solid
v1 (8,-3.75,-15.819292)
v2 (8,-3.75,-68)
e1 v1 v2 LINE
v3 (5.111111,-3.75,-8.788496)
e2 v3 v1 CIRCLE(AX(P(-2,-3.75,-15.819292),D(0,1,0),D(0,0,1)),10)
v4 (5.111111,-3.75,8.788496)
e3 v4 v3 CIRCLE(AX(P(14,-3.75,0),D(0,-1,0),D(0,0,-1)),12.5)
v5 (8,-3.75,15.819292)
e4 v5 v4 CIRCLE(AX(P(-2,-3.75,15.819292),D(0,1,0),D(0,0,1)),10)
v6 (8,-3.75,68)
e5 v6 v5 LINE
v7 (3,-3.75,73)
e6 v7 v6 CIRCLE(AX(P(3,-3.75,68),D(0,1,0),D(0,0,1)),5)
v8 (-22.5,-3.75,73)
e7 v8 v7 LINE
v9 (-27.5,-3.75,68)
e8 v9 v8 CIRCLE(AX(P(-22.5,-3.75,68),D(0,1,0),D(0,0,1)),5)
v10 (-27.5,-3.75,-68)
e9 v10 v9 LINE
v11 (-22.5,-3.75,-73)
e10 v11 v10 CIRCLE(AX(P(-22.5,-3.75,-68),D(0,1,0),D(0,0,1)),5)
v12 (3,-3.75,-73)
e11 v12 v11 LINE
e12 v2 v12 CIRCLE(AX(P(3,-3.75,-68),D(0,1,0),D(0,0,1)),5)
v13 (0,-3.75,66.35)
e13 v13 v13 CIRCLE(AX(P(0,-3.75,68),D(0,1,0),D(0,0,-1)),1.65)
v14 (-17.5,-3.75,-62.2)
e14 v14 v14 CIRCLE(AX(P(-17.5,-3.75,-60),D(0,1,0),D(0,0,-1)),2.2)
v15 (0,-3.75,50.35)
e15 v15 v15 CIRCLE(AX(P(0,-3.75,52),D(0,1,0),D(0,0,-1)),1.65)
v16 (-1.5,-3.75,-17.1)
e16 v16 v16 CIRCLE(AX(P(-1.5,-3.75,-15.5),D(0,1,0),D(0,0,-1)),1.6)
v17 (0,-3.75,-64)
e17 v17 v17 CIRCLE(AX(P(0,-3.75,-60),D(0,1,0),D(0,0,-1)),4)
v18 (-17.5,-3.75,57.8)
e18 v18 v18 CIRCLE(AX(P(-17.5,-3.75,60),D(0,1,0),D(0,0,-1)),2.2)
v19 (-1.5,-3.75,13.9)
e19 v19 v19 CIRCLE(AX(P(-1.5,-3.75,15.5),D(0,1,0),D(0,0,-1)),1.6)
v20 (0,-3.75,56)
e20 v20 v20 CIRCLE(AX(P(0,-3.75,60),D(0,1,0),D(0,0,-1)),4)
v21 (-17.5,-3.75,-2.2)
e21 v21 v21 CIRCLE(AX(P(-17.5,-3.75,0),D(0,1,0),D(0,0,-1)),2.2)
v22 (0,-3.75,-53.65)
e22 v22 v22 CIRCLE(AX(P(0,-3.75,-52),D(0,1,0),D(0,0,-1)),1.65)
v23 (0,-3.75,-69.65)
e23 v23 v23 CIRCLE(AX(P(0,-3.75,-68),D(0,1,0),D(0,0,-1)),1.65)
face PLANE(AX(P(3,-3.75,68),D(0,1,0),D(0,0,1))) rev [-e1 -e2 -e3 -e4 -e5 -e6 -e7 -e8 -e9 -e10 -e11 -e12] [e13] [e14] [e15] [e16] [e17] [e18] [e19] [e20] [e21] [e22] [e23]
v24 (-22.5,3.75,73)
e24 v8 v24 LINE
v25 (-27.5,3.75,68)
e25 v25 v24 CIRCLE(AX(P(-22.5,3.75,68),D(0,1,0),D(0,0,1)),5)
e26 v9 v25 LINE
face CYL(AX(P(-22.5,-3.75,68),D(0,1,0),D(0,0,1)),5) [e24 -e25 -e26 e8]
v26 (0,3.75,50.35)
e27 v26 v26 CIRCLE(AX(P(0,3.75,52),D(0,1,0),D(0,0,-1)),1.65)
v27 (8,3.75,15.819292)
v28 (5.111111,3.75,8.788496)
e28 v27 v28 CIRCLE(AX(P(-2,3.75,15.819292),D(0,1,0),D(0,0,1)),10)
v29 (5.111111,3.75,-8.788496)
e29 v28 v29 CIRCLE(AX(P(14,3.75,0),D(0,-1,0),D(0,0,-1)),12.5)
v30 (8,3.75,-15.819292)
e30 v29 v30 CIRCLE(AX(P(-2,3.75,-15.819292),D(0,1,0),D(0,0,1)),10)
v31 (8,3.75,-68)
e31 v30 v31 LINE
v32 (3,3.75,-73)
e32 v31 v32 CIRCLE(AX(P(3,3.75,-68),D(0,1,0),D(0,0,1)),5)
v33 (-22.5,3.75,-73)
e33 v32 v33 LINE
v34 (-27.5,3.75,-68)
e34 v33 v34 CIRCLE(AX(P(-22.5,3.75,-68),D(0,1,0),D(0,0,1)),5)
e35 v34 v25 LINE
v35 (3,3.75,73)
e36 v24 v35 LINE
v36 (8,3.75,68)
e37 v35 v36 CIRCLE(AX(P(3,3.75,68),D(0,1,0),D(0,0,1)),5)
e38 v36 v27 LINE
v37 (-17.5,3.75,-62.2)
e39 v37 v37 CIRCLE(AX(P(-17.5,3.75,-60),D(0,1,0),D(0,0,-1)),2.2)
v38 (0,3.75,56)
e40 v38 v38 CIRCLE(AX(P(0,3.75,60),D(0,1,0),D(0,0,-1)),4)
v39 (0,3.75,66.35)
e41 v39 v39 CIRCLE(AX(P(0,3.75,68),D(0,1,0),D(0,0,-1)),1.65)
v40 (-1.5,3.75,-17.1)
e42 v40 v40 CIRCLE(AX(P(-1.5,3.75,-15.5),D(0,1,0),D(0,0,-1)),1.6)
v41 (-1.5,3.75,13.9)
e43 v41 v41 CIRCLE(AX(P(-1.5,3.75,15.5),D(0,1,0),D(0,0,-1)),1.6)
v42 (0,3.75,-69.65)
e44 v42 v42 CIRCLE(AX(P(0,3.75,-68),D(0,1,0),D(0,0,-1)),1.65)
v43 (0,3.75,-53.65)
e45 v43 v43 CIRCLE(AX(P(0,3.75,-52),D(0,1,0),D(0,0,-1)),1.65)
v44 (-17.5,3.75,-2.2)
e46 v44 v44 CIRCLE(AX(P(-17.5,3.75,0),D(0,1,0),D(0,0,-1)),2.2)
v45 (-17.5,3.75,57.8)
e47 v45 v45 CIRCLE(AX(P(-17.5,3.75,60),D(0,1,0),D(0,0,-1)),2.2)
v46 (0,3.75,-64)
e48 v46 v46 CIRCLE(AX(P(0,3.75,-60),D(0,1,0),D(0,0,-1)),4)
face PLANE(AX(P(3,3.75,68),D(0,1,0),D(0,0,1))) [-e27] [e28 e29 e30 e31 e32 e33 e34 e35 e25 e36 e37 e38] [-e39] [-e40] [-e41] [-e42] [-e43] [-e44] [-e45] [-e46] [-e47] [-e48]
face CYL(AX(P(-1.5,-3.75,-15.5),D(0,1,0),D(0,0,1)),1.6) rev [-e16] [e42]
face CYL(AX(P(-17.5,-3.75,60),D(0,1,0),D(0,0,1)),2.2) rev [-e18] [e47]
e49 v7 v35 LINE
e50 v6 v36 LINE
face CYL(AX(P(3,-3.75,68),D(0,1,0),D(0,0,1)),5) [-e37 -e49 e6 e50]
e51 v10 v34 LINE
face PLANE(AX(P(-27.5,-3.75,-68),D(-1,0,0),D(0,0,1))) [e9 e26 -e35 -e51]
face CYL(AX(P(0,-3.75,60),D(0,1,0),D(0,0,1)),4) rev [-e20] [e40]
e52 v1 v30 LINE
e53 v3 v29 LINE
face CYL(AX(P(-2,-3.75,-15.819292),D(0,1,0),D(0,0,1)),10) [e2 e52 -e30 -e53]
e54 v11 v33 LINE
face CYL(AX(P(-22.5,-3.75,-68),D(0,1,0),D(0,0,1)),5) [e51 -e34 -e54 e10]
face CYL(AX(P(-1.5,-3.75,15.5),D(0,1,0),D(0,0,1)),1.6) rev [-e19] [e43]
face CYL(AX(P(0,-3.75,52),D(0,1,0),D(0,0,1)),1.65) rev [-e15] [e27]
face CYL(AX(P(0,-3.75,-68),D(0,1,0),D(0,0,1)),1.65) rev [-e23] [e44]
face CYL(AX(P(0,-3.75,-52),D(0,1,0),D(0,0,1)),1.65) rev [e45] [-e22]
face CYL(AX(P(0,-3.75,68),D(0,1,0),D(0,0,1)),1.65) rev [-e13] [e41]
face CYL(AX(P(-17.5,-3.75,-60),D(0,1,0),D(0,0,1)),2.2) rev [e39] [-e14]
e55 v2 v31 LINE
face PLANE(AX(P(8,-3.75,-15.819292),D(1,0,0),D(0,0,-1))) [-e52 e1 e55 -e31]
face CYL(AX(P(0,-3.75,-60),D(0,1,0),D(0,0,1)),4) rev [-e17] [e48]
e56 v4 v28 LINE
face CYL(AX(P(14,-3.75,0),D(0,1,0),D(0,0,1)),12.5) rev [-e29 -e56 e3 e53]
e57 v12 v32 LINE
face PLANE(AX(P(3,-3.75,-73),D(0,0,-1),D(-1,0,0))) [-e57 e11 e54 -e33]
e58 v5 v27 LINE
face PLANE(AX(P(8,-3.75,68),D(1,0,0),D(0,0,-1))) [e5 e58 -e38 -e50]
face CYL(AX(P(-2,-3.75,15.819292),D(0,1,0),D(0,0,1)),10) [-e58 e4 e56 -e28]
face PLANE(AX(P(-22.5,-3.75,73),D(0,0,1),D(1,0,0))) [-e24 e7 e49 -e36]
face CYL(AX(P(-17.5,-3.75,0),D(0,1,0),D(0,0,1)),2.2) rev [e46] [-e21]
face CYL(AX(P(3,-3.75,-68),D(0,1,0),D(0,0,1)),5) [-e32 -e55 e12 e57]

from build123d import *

# Parameters (mm, degrees)
SKETCH1_R           = 1.65
SKETCH1_R_2         = 1.6
SKETCH1_R_3         = 2.2
SKETCH1_R_4         = 4
BOSS_EXTRUDE1_DEPTH = 7.5


with BuildPart() as part:
    # Sketch1 → Boss-Extrude1 (new body)
    with BuildSketch(Plane(origin=(0, 3.75, 0), x_dir=(1, 0, 0), z_dir=(0, 1, 0))):
        with BuildLine():
            Line((8, -68), (8, -15.81929202))
            ThreePointArc((8, -15.81929202), (7.249624617, -12.018707269), (5.111111111, -8.788495566))
            ThreePointArc((5.111111111, -8.788495566), (1.5, 0), (5.111111111, 8.788495566))
            ThreePointArc((5.111111111, 8.788495566), (7.249624617, 12.018707269), (8, 15.81929202))
            Line((8, 15.81929202), (8, 68))
            ThreePointArc((8, 68), (6.535533906, 71.535533906), (3, 73))
            Line((3, 73), (-22.5, 73))
            ThreePointArc((-22.5, 73), (-26.035533906, 71.535533906), (-27.5, 68))
            Line((-27.5, 68), (-27.5, -68))
            ThreePointArc((-27.5, -68), (-26.035533906, -71.535533906), (-22.5, -73))
            Line((-22.5, -73), (3, -73))
            ThreePointArc((3, -73), (6.535533906, -71.535533906), (8, -68))
        make_face()
        with Locations((0, -68)):
            Circle(SKETCH1_R, mode=Mode.SUBTRACT)
        with Locations((0, -52)):
            Circle(SKETCH1_R, mode=Mode.SUBTRACT)
        with Locations((0, 68)):
            Circle(SKETCH1_R, mode=Mode.SUBTRACT)
        with Locations((0, 52)):
            Circle(SKETCH1_R, mode=Mode.SUBTRACT)
        with Locations((-1.5, 15.5)):
            Circle(SKETCH1_R_2, mode=Mode.SUBTRACT)
        with Locations((-1.5, -15.5)):
            Circle(SKETCH1_R_2, mode=Mode.SUBTRACT)
        with Locations((-17.5, 0)):
            Circle(SKETCH1_R_3, mode=Mode.SUBTRACT)
        with Locations((0, -60)):
            Circle(SKETCH1_R_4, mode=Mode.SUBTRACT)
        with Locations((0, 60)):
            Circle(SKETCH1_R_4, mode=Mode.SUBTRACT)
        with Locations((-17.5, 60)):
            Circle(SKETCH1_R_3, mode=Mode.SUBTRACT)
        with Locations((-17.5, -60)):
            Circle(SKETCH1_R_3, mode=Mode.SUBTRACT)
    extrude(amount=-BOSS_EXTRUDE1_DEPTH)


solid = part.part
